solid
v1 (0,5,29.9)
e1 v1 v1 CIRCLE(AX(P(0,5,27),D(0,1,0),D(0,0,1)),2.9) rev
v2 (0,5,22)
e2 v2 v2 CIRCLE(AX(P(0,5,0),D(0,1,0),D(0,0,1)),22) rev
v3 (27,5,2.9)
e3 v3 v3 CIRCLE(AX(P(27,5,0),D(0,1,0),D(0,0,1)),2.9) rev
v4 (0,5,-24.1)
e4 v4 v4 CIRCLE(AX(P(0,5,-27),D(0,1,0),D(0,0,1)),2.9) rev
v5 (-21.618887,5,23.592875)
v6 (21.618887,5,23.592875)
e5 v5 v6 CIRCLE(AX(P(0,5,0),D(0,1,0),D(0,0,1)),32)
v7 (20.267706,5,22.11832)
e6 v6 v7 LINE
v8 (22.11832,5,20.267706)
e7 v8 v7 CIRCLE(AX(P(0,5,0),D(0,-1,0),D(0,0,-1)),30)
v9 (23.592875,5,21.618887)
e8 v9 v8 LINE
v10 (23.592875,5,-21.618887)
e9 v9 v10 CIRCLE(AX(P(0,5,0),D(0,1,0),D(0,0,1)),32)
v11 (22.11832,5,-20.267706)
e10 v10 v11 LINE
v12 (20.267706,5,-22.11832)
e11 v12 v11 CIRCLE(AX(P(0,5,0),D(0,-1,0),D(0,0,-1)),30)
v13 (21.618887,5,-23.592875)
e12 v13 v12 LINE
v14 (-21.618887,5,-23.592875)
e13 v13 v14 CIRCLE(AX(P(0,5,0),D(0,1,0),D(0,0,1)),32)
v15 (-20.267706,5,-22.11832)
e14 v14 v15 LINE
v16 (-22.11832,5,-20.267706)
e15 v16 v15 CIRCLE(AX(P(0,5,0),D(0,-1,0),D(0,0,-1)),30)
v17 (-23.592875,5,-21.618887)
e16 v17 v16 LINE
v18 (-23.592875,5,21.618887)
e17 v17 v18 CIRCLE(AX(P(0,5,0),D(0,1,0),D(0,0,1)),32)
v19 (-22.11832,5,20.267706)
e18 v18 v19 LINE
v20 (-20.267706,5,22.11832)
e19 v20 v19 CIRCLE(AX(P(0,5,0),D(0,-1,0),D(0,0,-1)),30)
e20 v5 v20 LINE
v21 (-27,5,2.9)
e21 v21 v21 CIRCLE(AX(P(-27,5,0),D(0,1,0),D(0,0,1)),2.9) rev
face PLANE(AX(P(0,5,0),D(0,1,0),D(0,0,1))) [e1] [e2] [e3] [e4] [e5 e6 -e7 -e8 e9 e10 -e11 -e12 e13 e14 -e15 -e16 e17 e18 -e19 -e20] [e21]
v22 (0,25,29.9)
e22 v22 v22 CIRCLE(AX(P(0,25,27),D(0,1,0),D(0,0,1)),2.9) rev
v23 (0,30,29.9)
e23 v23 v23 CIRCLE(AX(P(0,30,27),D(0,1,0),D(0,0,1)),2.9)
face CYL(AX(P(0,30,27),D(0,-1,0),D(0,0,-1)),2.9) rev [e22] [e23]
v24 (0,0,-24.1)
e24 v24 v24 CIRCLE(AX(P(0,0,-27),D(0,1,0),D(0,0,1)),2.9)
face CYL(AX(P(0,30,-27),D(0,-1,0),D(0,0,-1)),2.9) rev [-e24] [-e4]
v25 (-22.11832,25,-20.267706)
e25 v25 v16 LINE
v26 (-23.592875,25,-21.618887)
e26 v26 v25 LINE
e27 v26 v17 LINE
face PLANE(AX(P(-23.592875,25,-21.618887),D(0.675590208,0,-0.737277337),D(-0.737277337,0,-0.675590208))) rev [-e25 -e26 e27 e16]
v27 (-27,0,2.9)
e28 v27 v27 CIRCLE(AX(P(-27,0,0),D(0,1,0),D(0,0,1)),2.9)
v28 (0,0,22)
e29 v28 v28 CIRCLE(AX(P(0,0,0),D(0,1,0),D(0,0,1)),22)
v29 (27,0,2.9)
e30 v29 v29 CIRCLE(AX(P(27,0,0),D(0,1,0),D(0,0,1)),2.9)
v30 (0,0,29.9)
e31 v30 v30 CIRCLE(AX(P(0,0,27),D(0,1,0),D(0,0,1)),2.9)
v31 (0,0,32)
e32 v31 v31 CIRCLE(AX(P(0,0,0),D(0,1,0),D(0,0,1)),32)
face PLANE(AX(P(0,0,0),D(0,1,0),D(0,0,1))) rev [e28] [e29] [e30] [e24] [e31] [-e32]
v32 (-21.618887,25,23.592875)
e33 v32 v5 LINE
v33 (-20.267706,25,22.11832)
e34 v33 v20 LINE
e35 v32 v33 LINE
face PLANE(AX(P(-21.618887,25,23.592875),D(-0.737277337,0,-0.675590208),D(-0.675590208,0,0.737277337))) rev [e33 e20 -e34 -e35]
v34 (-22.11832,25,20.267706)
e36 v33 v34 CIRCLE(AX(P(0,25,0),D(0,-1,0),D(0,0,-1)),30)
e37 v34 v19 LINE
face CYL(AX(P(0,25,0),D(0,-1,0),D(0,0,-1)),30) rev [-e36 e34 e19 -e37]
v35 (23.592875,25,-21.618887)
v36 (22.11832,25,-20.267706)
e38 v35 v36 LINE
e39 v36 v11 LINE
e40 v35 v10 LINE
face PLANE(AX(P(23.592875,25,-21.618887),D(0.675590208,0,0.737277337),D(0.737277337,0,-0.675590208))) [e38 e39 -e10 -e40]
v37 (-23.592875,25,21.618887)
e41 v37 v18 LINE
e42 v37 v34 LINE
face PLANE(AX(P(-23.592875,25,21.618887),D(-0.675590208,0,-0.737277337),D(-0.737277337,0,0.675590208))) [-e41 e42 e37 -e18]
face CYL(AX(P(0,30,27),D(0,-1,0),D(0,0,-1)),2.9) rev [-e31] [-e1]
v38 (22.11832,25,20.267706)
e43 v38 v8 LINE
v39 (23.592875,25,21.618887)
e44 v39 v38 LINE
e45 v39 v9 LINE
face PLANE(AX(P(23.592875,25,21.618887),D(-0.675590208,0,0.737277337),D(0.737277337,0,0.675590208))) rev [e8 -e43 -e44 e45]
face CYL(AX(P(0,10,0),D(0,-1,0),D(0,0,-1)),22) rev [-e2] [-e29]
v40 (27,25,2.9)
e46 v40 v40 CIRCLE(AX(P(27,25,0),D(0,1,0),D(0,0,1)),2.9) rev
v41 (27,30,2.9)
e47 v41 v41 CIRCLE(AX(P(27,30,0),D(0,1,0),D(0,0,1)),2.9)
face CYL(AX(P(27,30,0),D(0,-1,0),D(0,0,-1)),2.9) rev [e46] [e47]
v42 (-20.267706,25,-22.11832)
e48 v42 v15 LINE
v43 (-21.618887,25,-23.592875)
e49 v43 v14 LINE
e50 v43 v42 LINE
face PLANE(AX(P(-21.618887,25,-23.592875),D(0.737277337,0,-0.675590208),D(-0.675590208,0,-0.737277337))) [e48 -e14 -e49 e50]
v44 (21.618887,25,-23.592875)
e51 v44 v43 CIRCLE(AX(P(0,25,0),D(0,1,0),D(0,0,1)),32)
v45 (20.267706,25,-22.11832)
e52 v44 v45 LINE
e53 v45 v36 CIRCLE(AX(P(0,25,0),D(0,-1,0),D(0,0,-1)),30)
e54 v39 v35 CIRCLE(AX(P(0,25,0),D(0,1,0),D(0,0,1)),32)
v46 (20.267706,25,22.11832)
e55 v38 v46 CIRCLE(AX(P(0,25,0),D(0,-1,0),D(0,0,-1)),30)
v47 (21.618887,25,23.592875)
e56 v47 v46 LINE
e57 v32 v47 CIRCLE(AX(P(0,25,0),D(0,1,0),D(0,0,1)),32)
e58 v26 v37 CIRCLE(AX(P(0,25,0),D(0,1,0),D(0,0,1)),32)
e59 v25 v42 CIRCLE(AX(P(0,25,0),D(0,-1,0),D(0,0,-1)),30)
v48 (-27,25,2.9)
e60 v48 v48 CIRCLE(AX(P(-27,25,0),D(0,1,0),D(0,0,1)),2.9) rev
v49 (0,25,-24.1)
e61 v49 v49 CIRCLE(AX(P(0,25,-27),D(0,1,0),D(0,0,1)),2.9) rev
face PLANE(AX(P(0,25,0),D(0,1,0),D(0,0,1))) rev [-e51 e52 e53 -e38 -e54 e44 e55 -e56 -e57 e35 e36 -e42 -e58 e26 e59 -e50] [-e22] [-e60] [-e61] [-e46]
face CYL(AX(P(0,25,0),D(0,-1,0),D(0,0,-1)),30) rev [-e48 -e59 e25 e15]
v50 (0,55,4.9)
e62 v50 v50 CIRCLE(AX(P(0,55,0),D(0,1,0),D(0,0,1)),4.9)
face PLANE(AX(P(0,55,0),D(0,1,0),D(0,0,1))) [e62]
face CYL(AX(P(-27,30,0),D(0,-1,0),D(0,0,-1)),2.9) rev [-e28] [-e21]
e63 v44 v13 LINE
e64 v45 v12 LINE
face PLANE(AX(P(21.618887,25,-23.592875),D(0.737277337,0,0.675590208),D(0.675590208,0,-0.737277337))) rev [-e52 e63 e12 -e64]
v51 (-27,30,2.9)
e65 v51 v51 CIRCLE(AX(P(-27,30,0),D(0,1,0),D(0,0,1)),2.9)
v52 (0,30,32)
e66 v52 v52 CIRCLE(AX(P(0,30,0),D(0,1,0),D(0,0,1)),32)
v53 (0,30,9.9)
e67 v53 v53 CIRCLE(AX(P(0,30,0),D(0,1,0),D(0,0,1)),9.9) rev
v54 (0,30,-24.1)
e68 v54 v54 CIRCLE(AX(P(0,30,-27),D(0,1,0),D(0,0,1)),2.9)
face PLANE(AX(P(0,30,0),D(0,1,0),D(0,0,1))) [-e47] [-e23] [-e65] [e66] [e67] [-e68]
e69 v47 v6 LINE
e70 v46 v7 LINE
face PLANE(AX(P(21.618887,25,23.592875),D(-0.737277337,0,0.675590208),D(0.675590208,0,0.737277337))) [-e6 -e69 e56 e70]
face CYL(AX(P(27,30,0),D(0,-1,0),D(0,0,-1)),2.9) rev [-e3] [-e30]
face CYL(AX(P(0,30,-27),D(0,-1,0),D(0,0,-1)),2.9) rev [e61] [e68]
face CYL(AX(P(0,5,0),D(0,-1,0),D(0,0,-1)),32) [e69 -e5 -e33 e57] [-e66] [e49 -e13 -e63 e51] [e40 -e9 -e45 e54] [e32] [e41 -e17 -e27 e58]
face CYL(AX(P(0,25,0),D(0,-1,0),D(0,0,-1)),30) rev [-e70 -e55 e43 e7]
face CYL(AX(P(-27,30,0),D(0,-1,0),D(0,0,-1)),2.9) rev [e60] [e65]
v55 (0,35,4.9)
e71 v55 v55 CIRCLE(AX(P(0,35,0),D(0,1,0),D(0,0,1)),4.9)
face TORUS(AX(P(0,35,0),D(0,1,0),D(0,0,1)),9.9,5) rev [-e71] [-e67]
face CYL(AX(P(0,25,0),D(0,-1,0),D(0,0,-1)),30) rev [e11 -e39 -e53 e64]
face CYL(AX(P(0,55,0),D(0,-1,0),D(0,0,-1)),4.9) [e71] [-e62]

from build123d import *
from build123d.topology import SkipClean

# Parameters (mm, degrees)
SKETCH1_R               = 32
BOSS_EXTRUDE1_DEPTH     = 5
BOSS_EXTRUDE4_DEPTH     = 20
SKETCH5_R               = 32
BOSS_EXTRUDE5_DEPTH     = 5
CUT_EXTRUDE1_DEPTH      = 52.701063819
CUT_EXTRUDE1_DEPTH_BACK = 5
SKETCH2_7_R             = 2.9
SKETCH1_3_R             = 22
CUT_EXTRUDE2_DEPTH      = 10
SKETCH6_R               = 4.9
BOSS_EXTRUDE7_DEPTH     = 25
FILLET1_R               = 5


with BuildPart() as part:
    # Sketch1 → Boss-Extrude1 (new body)
    with BuildSketch(Plane(origin=(0, 0, 0), x_dir=(1, 0, 0), z_dir=(0, 1, 0))):
        Circle(SKETCH1_R)
    extrude(amount=BOSS_EXTRUDE1_DEPTH)

    # Sketch2 → Boss-Extrude4 (add)
    with SkipClean():  # the faces are left unmerged after this step: merging them gives an invalid solid
        with BuildSketch(Plane(origin=(0, 5, 0), x_dir=(1, 0, 0), z_dir=(0, 1, 0))):
            with BuildLine():
                Line((-23.592874778, 21.618886644), (-22.118320104, 20.267706228))
                ThreePointArc((-22.118320104, 20.267706228), (-21.213203436, 21.213203436), (-20.267706228, 22.118320104))
                Line((-20.267706228, 22.118320104), (-21.618886644, 23.592874778))
                ThreePointArc((-21.618886644, 23.592874778), (-22.627416998, 22.627416998), (-23.592874778, 21.618886644))
            make_face()
            with BuildLine():
                Line((23.592874778, 21.618886644), (22.118320104, 20.267706228))
                ThreePointArc((22.118320104, 20.267706228), (21.213203436, 21.213203436), (20.267706228, 22.118320104))
                Line((20.267706228, 22.118320104), (21.618886644, 23.592874778))
                ThreePointArc((21.618886644, 23.592874778), (22.627416998, 22.627416998), (23.592874778, 21.618886644))
            make_face()
            with BuildLine():
                Line((21.618886644, -23.592874778), (20.267706228, -22.118320104))
                ThreePointArc((20.267706228, -22.118320104), (21.213203436, -21.213203436), (22.118320104, -20.267706228))
                Line((22.118320104, -20.267706228), (23.592874778, -21.618886644))
                ThreePointArc((23.592874778, -21.618886644), (22.627416998, -22.627416998), (21.618886644, -23.592874778))
            make_face()
            with BuildLine():
                Line((-23.592874778, -21.618886644), (-22.118320104, -20.267706228))
                ThreePointArc((-22.118320104, -20.267706228), (-21.213203436, -21.213203436), (-20.267706228, -22.118320104))
                Line((-20.267706228, -22.118320104), (-21.618886644, -23.592874778))
                ThreePointArc((-21.618886644, -23.592874778), (-22.627416998, -22.627416998), (-23.592874778, -21.618886644))
            make_face()
        extrude(amount=BOSS_EXTRUDE4_DEPTH)

    # Sketch5 → Boss-Extrude5 (add)
    with SkipClean():  # the faces are left unmerged after this step: merging them gives an invalid solid
        with BuildSketch(Plane(origin=(0, 25, 0), x_dir=(1, 0, 0), z_dir=(0, 1, 0))):
            Circle(SKETCH5_R)
        extrude(amount=BOSS_EXTRUDE5_DEPTH)

    # Sketch2<7> → Cut-Extrude1 (cut, two sides: drawn at the far end of the back side and taken through both)
    with SkipClean():  # the faces are left unmerged after this step: merging them gives an invalid solid
        with BuildSketch(Plane(origin=(0, 5, 0), x_dir=(1, 0, 0), z_dir=(0, 1, 0)).offset(-CUT_EXTRUDE1_DEPTH_BACK)):
            with Locations((0, 27)):
                Circle(SKETCH2_7_R)
            with Locations((27, 0)):
                Circle(SKETCH2_7_R)
            with Locations((0, -27)):
                Circle(SKETCH2_7_R)
            with Locations((-27, 0)):
                Circle(SKETCH2_7_R)
        extrude(amount=CUT_EXTRUDE1_DEPTH + CUT_EXTRUDE1_DEPTH_BACK, mode=Mode.SUBTRACT)

    # Sketch1<3> → Cut-Extrude2 (cut)
    with SkipClean():  # the faces are left unmerged after this step: merging them gives an invalid solid
        with BuildSketch(Plane(origin=(0, 0, 0), x_dir=(1, 0, 0), z_dir=(0, 1, 0))):
            Circle(SKETCH1_3_R)
        extrude(amount=CUT_EXTRUDE2_DEPTH, mode=Mode.SUBTRACT)

    # Sketch6 → Boss-Extrude7 (add)
    with SkipClean():  # the faces are left unmerged after this step: merging them gives an invalid solid
        with BuildSketch(Plane(origin=(0, 30, 0), x_dir=(1, 0, 0), z_dir=(0, 1, 0))):
            Circle(SKETCH6_R)
        extrude(amount=BOSS_EXTRUDE7_DEPTH)

    # Fillet1
    fillet1_edges = [part.edges().sort_by_distance(p)[0] for p in [
        (-4.9, 30, 0),
    ]]
    fillet(fillet1_edges, radius=FILLET1_R)


solid = part.part
